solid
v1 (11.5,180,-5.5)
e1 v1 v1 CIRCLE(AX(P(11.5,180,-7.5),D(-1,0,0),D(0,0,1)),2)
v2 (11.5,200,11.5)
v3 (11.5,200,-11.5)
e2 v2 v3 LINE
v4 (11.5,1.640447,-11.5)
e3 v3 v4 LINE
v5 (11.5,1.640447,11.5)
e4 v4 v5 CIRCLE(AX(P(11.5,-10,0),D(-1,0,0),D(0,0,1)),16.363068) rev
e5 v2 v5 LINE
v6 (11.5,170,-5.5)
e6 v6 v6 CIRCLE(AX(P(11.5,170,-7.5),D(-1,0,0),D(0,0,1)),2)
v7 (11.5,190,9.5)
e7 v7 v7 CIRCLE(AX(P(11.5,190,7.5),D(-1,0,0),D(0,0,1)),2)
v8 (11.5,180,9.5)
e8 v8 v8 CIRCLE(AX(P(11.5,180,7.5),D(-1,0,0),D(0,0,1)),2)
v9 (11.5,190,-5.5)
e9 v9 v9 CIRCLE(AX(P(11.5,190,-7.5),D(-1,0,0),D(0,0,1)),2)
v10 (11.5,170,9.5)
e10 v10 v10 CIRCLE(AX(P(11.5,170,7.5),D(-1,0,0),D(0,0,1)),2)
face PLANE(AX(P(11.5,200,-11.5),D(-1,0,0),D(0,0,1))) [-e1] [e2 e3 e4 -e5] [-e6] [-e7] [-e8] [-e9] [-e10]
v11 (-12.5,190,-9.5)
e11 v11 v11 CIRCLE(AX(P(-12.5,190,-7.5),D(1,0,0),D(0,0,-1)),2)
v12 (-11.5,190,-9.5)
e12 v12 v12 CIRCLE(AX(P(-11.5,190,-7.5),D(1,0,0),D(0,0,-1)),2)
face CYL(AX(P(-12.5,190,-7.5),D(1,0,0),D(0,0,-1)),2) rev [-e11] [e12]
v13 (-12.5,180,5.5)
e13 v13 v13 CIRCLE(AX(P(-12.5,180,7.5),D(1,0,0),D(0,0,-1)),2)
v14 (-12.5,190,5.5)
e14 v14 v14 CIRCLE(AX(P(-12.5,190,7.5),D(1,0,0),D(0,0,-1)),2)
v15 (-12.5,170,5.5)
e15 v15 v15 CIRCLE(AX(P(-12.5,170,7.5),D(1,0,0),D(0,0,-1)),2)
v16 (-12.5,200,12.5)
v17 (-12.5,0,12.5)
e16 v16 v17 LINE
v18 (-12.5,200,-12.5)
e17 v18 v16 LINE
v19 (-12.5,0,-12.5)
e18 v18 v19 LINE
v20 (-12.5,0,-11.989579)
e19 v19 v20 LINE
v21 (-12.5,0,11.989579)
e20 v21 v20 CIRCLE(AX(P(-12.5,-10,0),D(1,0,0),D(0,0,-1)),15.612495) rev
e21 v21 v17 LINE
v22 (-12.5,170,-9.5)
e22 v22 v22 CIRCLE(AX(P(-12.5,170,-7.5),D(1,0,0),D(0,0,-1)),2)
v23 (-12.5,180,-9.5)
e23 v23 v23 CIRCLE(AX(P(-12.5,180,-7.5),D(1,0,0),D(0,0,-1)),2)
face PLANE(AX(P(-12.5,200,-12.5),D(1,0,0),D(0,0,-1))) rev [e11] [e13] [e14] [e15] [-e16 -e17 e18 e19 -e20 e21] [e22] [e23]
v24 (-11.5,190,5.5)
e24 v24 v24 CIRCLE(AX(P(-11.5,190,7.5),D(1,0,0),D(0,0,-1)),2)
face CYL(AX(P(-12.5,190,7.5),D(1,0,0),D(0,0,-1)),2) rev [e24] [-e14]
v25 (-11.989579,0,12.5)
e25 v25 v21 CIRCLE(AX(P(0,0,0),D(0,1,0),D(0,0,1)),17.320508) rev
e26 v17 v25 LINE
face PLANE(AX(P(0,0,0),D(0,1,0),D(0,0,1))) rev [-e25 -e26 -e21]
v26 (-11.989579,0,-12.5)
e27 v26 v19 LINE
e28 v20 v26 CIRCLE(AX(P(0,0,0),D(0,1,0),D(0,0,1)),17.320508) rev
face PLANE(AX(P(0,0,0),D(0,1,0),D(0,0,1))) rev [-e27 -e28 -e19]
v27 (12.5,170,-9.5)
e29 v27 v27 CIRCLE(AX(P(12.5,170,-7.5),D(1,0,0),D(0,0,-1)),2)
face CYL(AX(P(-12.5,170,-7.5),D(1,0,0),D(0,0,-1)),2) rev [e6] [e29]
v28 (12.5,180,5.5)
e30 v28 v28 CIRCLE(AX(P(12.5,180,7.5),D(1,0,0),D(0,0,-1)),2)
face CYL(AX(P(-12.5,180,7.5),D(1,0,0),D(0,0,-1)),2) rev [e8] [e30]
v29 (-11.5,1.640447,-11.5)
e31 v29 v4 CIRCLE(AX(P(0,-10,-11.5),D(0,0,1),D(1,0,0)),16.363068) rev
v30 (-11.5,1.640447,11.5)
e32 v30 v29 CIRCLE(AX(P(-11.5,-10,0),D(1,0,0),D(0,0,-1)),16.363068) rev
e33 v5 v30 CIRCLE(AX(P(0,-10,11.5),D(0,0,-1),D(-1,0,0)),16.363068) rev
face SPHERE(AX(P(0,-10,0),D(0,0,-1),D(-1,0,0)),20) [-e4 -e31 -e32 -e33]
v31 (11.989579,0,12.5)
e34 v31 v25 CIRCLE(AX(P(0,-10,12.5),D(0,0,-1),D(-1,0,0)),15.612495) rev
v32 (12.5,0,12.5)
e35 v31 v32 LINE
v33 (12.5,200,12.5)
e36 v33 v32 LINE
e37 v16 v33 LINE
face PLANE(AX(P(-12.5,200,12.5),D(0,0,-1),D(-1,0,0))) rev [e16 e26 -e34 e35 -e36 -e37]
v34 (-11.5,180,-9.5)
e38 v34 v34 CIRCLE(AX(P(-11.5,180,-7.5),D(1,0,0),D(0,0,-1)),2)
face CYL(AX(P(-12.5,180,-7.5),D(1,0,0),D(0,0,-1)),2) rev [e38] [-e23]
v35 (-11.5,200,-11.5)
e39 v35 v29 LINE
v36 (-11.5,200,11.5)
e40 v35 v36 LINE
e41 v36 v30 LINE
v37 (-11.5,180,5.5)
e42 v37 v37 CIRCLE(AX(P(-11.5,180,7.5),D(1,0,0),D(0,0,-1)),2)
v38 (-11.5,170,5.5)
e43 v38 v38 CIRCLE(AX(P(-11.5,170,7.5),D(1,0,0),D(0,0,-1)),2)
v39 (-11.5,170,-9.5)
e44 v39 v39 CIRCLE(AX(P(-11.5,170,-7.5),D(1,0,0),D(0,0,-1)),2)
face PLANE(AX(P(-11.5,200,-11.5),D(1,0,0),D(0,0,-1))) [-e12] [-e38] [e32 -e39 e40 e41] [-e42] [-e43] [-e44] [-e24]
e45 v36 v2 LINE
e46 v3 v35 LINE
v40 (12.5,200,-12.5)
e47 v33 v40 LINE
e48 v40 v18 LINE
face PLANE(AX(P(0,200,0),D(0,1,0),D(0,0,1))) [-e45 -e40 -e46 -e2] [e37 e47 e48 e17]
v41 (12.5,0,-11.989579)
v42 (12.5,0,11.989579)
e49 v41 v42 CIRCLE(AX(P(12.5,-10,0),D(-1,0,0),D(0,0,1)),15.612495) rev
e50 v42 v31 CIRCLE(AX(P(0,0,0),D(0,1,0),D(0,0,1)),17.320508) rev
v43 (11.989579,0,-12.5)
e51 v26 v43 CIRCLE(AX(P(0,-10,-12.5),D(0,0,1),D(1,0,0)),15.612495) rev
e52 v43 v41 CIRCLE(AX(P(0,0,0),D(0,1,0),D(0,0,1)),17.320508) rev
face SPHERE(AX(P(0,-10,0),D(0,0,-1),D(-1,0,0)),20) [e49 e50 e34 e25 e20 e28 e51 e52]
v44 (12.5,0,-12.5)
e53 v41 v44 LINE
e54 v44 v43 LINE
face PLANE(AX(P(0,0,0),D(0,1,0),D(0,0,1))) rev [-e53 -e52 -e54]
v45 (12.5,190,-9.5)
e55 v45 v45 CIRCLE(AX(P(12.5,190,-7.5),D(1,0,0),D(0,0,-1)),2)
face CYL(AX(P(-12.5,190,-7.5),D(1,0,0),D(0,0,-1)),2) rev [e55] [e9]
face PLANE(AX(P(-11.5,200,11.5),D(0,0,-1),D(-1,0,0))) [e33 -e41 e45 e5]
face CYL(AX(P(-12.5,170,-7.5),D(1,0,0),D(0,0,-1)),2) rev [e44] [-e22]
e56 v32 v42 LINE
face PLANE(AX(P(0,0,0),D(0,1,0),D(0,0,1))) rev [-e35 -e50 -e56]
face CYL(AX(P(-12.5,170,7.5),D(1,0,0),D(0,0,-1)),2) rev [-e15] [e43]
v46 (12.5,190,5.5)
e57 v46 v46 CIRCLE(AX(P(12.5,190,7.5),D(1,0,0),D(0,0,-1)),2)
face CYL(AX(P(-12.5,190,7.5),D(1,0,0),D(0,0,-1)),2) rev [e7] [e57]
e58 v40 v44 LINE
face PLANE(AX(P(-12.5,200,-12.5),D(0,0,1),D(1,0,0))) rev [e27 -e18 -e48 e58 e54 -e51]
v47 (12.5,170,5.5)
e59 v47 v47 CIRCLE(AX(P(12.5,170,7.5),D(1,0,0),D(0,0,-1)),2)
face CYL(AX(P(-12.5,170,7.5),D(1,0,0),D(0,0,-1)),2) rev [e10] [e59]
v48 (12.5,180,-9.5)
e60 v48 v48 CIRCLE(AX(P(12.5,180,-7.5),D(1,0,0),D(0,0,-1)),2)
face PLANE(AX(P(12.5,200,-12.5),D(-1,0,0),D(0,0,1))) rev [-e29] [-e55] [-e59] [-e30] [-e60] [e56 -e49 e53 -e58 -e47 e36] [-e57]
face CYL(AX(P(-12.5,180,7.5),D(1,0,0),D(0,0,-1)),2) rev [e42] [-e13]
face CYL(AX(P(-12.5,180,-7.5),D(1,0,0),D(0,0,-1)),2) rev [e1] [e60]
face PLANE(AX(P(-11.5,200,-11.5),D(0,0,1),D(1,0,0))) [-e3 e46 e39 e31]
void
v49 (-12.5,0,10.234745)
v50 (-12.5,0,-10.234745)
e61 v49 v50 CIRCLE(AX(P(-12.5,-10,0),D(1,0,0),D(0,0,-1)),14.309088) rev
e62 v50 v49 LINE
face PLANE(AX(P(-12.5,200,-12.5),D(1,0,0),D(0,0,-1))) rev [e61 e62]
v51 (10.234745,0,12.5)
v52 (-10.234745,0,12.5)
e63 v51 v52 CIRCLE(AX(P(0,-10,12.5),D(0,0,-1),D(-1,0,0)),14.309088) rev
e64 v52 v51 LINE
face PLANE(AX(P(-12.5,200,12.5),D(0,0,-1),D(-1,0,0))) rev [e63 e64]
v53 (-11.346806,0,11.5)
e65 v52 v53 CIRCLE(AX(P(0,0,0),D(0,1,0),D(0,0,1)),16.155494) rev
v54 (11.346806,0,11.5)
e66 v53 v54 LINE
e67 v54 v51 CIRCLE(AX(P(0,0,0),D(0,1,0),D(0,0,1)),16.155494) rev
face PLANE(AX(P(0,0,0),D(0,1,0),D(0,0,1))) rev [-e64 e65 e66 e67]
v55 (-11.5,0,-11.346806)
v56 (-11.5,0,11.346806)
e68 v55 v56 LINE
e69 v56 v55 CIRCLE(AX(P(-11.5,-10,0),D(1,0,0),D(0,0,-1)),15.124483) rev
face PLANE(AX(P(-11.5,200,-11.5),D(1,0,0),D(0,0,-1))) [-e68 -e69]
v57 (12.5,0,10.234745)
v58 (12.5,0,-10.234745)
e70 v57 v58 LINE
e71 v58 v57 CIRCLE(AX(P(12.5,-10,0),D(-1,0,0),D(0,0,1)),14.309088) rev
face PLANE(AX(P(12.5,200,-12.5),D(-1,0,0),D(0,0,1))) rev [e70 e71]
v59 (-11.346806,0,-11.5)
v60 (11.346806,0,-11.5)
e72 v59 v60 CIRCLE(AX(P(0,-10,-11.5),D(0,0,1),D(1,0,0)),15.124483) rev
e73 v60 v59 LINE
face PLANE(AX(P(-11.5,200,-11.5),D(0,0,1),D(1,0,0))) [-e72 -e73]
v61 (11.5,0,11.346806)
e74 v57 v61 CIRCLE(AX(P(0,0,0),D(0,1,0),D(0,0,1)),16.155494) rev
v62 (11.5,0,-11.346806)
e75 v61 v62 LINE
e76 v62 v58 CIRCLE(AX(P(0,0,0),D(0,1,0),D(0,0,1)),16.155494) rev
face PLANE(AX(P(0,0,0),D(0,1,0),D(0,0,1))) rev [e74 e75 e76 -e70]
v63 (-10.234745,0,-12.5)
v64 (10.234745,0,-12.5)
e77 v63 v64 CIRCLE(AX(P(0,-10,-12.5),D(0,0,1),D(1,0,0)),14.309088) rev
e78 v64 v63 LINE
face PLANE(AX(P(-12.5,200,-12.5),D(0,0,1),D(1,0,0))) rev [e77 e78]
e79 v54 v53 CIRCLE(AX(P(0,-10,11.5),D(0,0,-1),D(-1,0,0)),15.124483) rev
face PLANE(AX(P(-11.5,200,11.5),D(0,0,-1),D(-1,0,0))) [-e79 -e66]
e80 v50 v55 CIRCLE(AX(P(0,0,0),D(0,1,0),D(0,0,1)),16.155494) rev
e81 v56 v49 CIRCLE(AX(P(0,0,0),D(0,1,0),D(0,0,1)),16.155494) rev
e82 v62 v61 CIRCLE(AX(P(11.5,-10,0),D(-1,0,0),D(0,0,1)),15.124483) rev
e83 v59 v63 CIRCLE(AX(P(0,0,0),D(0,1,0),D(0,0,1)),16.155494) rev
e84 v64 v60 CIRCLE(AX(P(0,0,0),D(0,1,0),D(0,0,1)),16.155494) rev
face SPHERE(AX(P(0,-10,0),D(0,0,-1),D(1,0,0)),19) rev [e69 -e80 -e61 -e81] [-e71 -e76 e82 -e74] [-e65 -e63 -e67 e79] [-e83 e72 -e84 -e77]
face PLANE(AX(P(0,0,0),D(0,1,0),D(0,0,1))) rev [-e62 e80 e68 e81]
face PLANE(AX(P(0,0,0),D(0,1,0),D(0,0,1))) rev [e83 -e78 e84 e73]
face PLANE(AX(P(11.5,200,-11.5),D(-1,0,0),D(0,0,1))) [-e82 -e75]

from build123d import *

# Parameters (mm, degrees)
SKETCH1_W           = 25
SKETCH1_H           = 25
SKETCH1_W_2         = 23
SKETCH1_H_2         = 23
BOSS_EXTRUDE1_DEPTH = 200
SKETCH3_R           = 2
CUT_EXTRUDE1_DEPTH  = 25


with BuildPart() as part:
    # Sketch1 → Boss-Extrude1 (new body)
    with BuildSketch(Plane(origin=(0, 0, 0), x_dir=(1, 0, 0), z_dir=(0, 1, 0))):
        Rectangle(SKETCH1_W, SKETCH1_H)
        Rectangle(SKETCH1_W_2, SKETCH1_H_2, mode=Mode.SUBTRACT)
    extrude(amount=BOSS_EXTRUDE1_DEPTH)

    # Sketch2 → Revolve1 (revolve)
    with BuildSketch(Plane(origin=(0, -10, 0), x_dir=(-1, 0, 0), z_dir=(0, -1, 0))):
        with BuildLine():
            Line((0, 19), (0, 20))
            ThreePointArc((0, 20), (-20, 0), (0, -20))
            Line((0, -20), (0, -19))
            ThreePointArc((0, -19), (-19, 0), (0, 19))
        make_face()
    revolve(axis=Axis((0, -10, -20), (0, 0, 1)))

    # Sketch3 → Cut-Extrude1 (cut)
    with BuildSketch(Plane(origin=(12.5, 0, 0), x_dir=(0, 0, -1), z_dir=(1, 0, 0))):
        with Locations((7.5, 190)):
            Circle(SKETCH3_R)
        with Locations((7.5, 180)):
            Circle(SKETCH3_R)
        with Locations((-7.5, 190)):
            Circle(SKETCH3_R)
        with Locations((-7.5, 180)):
            Circle(SKETCH3_R)
        with Locations((7.5, 170)):
            Circle(SKETCH3_R)
        with Locations((-7.5, 170)):
            Circle(SKETCH3_R)
    extrude(amount=-CUT_EXTRUDE1_DEPTH, mode=Mode.SUBTRACT)


solid = part.part
